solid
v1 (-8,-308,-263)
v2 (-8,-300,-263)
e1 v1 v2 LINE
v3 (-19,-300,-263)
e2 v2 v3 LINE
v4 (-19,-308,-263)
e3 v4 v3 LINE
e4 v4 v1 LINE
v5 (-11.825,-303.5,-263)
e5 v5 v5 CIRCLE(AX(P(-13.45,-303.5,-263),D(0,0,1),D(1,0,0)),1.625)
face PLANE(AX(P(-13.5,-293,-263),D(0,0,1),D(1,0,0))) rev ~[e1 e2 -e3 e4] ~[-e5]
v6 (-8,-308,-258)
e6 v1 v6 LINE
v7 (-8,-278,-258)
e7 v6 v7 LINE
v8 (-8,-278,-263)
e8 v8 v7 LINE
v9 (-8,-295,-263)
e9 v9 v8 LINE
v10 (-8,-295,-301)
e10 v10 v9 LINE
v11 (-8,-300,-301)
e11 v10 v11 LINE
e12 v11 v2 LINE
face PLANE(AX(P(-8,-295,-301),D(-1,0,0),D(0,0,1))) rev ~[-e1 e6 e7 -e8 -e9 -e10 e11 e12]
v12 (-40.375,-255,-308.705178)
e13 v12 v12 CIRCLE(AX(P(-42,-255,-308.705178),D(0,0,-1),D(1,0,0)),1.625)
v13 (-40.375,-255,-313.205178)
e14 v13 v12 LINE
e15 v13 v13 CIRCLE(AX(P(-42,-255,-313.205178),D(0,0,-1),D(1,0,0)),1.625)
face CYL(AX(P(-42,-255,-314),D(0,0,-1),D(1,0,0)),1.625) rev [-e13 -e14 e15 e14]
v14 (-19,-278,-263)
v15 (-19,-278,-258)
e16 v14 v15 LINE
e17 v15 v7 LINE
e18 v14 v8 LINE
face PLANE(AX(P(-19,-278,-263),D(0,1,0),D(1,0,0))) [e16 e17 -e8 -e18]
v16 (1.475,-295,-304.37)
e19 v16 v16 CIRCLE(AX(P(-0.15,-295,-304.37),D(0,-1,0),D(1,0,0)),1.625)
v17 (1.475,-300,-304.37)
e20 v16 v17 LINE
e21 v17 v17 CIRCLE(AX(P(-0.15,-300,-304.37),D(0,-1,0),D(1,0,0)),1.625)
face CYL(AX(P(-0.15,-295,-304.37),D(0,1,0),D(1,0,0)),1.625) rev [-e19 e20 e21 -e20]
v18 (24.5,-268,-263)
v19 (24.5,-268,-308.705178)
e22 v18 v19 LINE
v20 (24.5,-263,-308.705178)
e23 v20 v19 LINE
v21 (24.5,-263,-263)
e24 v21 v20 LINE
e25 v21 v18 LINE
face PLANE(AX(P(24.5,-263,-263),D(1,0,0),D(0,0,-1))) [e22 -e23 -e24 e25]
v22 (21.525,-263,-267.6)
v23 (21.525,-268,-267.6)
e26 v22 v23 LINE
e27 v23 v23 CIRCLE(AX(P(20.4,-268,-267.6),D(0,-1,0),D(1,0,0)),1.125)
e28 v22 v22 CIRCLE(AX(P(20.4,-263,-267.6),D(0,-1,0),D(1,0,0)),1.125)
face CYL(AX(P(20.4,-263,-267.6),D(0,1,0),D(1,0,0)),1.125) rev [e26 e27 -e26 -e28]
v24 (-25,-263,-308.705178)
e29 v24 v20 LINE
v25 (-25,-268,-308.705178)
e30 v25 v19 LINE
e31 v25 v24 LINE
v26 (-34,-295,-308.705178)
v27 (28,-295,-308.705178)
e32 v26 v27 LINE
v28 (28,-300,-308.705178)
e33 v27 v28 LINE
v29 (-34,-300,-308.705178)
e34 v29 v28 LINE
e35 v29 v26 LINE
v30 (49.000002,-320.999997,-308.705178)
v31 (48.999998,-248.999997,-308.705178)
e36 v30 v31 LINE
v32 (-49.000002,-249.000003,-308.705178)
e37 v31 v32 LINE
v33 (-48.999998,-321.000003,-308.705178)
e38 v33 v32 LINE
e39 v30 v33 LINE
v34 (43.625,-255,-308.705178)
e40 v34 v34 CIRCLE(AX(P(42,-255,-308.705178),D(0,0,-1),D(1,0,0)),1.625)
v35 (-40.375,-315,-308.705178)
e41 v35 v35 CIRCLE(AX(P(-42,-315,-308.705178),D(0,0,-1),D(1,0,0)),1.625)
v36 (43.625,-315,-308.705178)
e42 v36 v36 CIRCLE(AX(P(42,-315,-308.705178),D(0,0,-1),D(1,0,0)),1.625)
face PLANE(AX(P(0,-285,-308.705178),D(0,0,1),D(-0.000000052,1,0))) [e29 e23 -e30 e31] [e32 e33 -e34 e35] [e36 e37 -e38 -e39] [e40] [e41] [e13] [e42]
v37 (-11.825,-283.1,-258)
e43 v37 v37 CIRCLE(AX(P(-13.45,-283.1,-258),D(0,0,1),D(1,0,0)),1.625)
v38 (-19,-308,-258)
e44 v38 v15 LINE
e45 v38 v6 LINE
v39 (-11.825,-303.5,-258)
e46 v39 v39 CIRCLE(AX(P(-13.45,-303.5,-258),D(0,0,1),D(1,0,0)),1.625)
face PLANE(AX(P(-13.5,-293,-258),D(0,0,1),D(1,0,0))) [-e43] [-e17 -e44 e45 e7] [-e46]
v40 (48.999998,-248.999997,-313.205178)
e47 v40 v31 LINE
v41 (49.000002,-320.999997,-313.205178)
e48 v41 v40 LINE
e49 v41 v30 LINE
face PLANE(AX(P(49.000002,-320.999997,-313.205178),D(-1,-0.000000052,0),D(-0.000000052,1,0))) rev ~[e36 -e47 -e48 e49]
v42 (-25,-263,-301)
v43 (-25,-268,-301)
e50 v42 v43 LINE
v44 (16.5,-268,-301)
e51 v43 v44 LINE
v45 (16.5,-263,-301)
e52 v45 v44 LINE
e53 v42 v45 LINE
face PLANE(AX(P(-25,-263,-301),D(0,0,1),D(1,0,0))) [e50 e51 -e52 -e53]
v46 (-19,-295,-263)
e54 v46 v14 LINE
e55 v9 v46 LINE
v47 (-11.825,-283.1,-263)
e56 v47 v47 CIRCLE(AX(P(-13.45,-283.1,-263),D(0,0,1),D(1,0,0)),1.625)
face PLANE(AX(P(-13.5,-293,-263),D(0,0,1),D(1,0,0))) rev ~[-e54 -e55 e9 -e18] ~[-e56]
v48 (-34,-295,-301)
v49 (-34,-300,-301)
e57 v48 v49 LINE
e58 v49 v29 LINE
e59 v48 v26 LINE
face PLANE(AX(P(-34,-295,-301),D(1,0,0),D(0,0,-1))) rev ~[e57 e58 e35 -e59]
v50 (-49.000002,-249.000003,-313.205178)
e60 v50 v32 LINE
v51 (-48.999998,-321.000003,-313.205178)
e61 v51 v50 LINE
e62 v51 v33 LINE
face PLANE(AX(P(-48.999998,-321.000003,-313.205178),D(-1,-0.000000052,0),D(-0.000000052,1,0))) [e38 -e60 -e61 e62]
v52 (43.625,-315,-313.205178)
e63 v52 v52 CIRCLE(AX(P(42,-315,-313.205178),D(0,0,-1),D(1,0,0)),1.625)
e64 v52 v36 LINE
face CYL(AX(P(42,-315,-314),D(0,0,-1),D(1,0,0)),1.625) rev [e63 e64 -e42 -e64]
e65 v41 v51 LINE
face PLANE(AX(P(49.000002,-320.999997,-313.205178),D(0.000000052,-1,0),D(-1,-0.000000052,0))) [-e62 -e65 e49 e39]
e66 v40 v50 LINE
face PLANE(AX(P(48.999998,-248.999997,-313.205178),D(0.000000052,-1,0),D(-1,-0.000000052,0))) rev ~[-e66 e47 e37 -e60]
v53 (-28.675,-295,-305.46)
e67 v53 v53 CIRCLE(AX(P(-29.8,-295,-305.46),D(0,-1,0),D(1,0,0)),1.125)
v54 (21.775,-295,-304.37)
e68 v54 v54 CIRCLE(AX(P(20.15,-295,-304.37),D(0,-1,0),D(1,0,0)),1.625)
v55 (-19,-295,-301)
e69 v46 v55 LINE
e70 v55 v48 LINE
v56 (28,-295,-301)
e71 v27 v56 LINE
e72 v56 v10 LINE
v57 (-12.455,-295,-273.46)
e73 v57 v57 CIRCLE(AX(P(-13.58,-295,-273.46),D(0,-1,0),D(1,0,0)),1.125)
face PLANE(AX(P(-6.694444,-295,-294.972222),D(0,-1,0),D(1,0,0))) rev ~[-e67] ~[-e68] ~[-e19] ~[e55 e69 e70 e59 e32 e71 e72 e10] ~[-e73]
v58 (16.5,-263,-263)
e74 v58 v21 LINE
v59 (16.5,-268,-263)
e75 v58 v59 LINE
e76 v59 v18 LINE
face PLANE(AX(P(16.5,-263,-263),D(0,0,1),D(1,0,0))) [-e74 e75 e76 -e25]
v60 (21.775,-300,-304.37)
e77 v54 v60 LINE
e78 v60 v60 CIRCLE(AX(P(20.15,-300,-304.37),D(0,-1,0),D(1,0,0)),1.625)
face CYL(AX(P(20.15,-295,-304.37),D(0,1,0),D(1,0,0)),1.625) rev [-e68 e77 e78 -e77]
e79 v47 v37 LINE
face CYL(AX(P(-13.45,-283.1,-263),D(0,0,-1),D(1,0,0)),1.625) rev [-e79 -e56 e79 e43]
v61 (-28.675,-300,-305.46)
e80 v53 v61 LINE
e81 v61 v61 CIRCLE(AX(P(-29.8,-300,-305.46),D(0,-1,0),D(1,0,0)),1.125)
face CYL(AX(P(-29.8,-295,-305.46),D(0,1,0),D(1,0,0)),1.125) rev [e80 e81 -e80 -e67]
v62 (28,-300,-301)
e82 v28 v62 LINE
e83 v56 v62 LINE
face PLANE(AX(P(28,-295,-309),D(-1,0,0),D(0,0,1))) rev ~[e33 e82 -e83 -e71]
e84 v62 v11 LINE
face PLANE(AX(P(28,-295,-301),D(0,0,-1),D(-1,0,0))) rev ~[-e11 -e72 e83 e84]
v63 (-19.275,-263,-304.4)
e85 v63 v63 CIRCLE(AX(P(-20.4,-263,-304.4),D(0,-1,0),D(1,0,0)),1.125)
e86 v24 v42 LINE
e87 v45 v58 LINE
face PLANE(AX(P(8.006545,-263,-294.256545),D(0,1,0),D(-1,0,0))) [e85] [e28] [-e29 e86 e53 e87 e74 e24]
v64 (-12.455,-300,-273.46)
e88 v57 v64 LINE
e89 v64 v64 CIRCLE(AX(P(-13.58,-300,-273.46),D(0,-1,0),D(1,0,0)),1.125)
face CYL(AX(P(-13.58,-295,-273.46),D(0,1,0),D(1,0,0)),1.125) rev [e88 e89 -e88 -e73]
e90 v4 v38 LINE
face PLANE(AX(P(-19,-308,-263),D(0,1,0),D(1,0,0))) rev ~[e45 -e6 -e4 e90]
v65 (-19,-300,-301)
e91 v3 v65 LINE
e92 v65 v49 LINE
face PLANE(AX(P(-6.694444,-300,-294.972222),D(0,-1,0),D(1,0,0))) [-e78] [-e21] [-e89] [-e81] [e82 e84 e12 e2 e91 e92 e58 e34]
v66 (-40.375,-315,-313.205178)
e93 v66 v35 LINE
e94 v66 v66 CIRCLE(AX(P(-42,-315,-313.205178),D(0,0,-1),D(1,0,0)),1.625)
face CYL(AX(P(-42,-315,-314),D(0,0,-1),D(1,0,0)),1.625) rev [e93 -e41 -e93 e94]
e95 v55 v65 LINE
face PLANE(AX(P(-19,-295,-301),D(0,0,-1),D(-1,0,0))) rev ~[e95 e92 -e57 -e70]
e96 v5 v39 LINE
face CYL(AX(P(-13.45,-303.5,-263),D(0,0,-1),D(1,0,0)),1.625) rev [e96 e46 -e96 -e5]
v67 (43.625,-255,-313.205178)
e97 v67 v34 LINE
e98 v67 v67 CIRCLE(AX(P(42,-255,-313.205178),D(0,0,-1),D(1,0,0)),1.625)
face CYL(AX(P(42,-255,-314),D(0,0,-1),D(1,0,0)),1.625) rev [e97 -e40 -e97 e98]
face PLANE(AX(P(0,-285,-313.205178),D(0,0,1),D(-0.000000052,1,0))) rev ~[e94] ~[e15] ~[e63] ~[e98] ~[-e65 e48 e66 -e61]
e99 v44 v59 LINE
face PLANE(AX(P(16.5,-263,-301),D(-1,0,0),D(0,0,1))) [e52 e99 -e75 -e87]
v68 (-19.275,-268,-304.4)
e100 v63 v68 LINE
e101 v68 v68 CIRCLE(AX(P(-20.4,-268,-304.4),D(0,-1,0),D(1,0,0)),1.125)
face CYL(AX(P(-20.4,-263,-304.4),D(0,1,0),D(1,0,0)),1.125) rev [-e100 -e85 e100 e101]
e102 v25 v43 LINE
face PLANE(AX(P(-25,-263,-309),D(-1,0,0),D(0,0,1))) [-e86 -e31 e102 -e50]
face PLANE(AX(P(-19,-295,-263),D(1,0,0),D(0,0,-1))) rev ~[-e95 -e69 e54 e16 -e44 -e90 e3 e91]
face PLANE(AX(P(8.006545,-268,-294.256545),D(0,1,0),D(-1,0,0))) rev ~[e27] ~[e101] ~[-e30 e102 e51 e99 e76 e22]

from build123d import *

# Parameters (mm, degrees)
SKETCH035_R                               = 1.625
EXTRUDE011_DEPTH                          = 20
SKETCH020_W                               = 11
SKETCH020_H                               = 30
SKETCH020_R                               = 1.625
EXTRUDE004_DEPTH                          = 5
SKETCH022_AS_DRAWN_W                      = 72
SKETCH022_AS_DRAWN_H                      = 98
EXTRUDE006_DEPTH                          = 4.5
EXTRUDE006_ONTO_SKETCH022_ROLL_ANGLE      = 0
EXTRUDE006_ONTO_SKETCH022_PITCH_ANGLE     = 0
EXTRUDE006_ONTO_SKETCH022_PLACEMENT_ANGLE = 90.000003
SKETCH019_R                               = 1.125
SKETCH019_R_2                             = 1.625
EXTRUDE003_DEPTH                          = 5
SKETCH021_R                               = 1.125
EXTRUDE005_DEPTH                          = 5


with BuildPart() as basecuts001:
    # Sketch035 → Extrude011 (new body)
    with BuildSketch(Plane.XY):
        with Locations((-42, -332)):
            Circle(SKETCH035_R)
        with Locations((42, -332)):
            Circle(SKETCH035_R)
        with Locations((42, -272)):
            Circle(SKETCH035_R)
        with Locations((-42, -272)):
            Circle(SKETCH035_R)
    extrude(amount=EXTRUDE011_DEPTH)


with BuildPart() as basecuts001_1:
    # Extrude011 placement: moved
    add(basecuts001.part.moved(Location((0, 0, -329))))


with BuildPart() as gpshold:
    # Sketch020 → Extrude004 (new body)
    with BuildSketch(Plane.XY):
        with Locations((-13.5, -310)):
            Rectangle(SKETCH020_W, SKETCH020_H)
        with Locations((-13.45, -300.1)):
            Circle(SKETCH020_R, mode=Mode.SUBTRACT)
        with Locations((-13.45, -320.5)):
            Circle(SKETCH020_R, mode=Mode.SUBTRACT)
    extrude(amount=EXTRUDE004_DEPTH)


with BuildPart() as gpshold_1:
    # Extrude004 placement: moved
    add(gpshold.part.moved(Location((0, 0, -278))))


with BuildPart() as base:
    # Sketch022 as drawn → Extrude006 (new)
    with BuildSketch(Plane.XY):
        Rectangle(SKETCH022_AS_DRAWN_W, SKETCH022_AS_DRAWN_H)
    extrude(amount=EXTRUDE006_DEPTH)


with BuildPart() as base_1:
    # Extrude006 onto Sketch022 roll: moved
    add(base.part.rotate(Axis((0, 0, 0), (1, 0, 0)), EXTRUDE006_ONTO_SKETCH022_ROLL_ANGLE))


with BuildPart() as base_2:
    # Extrude006 onto Sketch022 pitch: moved
    add(base_1.part.rotate(Axis((0, 0, 0), (0, 1, 0)), EXTRUDE006_ONTO_SKETCH022_PITCH_ANGLE))


with BuildPart() as base_3:
    # Extrude006 onto Sketch022 placement: moved
    add(base_2.part.moved(Location((0, -302, -283.455178))).rotate(Axis((0, -302, -283.455178), (0, 0, 1)), EXTRUDE006_ONTO_SKETCH022_PLACEMENT_ANGLE))


with BuildPart() as base_4:
    # Extrude006 placement: moved
    add(base_3.part.moved(Location((0, 0, -44.75))))


with BuildPart() as i2chold:
    # Sketch019 → Extrude003 (new body)
    with BuildSketch(Plane.XZ):
        Polygon((28, -324), (28, -316), (-8, -316), (-8, -278), (-19, -278), (-19, -316), (-34, -316), (-34, -324), align=None)
        with Locations((-29.8, -320.46)):
            Circle(SKETCH019_R, mode=Mode.SUBTRACT)
        with Locations((-13.58, -288.46)):
            Circle(SKETCH019_R, mode=Mode.SUBTRACT)
        with Locations((-0.15, -319.37)):
            Circle(SKETCH019_R_2, mode=Mode.SUBTRACT)
        with Locations((20.15, -319.37)):
            Circle(SKETCH019_R_2, mode=Mode.SUBTRACT)
    extrude(amount=EXTRUDE003_DEPTH)


with BuildPart() as i2chold_1:
    # Extrude003 placement: moved
    add(i2chold.part.moved(Location((0, -312, 0))))


with BuildPart() as base002:
    # Sketch021 (on Extrude) → Extrude005 (new body)
    with BuildSketch(Plane.XZ.offset(312)):
        Polygon((-25, -324), (-25, -316), (16.5, -316), (16.5, -278), (24.5, -278), (24.5, -324), align=None)
        with Locations((-20.4, -319.4)):
            Circle(SKETCH021_R, mode=Mode.SUBTRACT)
        with Locations((20.4, -282.6)):
            Circle(SKETCH021_R, mode=Mode.SUBTRACT)
    extrude(amount=EXTRUDE005_DEPTH)


with BuildPart() as base002_1:
    # Extrude005 placement: moved
    add(base002.part.moved(Location((0, 32, 0))))

    # Fusion038: union gpsHold, base, i2cHold
    add(gpshold_1.part)
    add(base_4.part)
    add(i2chold_1.part)

    # Cut019: cut baseCuts001
    add(basecuts001_1.part, mode=Mode.SUBTRACT)


with BuildPart() as base002_2:
    # Cut019 placement: moved
    add(base002_1.part.moved(Location((0, 17, 15))))


solid = base002_2.part
